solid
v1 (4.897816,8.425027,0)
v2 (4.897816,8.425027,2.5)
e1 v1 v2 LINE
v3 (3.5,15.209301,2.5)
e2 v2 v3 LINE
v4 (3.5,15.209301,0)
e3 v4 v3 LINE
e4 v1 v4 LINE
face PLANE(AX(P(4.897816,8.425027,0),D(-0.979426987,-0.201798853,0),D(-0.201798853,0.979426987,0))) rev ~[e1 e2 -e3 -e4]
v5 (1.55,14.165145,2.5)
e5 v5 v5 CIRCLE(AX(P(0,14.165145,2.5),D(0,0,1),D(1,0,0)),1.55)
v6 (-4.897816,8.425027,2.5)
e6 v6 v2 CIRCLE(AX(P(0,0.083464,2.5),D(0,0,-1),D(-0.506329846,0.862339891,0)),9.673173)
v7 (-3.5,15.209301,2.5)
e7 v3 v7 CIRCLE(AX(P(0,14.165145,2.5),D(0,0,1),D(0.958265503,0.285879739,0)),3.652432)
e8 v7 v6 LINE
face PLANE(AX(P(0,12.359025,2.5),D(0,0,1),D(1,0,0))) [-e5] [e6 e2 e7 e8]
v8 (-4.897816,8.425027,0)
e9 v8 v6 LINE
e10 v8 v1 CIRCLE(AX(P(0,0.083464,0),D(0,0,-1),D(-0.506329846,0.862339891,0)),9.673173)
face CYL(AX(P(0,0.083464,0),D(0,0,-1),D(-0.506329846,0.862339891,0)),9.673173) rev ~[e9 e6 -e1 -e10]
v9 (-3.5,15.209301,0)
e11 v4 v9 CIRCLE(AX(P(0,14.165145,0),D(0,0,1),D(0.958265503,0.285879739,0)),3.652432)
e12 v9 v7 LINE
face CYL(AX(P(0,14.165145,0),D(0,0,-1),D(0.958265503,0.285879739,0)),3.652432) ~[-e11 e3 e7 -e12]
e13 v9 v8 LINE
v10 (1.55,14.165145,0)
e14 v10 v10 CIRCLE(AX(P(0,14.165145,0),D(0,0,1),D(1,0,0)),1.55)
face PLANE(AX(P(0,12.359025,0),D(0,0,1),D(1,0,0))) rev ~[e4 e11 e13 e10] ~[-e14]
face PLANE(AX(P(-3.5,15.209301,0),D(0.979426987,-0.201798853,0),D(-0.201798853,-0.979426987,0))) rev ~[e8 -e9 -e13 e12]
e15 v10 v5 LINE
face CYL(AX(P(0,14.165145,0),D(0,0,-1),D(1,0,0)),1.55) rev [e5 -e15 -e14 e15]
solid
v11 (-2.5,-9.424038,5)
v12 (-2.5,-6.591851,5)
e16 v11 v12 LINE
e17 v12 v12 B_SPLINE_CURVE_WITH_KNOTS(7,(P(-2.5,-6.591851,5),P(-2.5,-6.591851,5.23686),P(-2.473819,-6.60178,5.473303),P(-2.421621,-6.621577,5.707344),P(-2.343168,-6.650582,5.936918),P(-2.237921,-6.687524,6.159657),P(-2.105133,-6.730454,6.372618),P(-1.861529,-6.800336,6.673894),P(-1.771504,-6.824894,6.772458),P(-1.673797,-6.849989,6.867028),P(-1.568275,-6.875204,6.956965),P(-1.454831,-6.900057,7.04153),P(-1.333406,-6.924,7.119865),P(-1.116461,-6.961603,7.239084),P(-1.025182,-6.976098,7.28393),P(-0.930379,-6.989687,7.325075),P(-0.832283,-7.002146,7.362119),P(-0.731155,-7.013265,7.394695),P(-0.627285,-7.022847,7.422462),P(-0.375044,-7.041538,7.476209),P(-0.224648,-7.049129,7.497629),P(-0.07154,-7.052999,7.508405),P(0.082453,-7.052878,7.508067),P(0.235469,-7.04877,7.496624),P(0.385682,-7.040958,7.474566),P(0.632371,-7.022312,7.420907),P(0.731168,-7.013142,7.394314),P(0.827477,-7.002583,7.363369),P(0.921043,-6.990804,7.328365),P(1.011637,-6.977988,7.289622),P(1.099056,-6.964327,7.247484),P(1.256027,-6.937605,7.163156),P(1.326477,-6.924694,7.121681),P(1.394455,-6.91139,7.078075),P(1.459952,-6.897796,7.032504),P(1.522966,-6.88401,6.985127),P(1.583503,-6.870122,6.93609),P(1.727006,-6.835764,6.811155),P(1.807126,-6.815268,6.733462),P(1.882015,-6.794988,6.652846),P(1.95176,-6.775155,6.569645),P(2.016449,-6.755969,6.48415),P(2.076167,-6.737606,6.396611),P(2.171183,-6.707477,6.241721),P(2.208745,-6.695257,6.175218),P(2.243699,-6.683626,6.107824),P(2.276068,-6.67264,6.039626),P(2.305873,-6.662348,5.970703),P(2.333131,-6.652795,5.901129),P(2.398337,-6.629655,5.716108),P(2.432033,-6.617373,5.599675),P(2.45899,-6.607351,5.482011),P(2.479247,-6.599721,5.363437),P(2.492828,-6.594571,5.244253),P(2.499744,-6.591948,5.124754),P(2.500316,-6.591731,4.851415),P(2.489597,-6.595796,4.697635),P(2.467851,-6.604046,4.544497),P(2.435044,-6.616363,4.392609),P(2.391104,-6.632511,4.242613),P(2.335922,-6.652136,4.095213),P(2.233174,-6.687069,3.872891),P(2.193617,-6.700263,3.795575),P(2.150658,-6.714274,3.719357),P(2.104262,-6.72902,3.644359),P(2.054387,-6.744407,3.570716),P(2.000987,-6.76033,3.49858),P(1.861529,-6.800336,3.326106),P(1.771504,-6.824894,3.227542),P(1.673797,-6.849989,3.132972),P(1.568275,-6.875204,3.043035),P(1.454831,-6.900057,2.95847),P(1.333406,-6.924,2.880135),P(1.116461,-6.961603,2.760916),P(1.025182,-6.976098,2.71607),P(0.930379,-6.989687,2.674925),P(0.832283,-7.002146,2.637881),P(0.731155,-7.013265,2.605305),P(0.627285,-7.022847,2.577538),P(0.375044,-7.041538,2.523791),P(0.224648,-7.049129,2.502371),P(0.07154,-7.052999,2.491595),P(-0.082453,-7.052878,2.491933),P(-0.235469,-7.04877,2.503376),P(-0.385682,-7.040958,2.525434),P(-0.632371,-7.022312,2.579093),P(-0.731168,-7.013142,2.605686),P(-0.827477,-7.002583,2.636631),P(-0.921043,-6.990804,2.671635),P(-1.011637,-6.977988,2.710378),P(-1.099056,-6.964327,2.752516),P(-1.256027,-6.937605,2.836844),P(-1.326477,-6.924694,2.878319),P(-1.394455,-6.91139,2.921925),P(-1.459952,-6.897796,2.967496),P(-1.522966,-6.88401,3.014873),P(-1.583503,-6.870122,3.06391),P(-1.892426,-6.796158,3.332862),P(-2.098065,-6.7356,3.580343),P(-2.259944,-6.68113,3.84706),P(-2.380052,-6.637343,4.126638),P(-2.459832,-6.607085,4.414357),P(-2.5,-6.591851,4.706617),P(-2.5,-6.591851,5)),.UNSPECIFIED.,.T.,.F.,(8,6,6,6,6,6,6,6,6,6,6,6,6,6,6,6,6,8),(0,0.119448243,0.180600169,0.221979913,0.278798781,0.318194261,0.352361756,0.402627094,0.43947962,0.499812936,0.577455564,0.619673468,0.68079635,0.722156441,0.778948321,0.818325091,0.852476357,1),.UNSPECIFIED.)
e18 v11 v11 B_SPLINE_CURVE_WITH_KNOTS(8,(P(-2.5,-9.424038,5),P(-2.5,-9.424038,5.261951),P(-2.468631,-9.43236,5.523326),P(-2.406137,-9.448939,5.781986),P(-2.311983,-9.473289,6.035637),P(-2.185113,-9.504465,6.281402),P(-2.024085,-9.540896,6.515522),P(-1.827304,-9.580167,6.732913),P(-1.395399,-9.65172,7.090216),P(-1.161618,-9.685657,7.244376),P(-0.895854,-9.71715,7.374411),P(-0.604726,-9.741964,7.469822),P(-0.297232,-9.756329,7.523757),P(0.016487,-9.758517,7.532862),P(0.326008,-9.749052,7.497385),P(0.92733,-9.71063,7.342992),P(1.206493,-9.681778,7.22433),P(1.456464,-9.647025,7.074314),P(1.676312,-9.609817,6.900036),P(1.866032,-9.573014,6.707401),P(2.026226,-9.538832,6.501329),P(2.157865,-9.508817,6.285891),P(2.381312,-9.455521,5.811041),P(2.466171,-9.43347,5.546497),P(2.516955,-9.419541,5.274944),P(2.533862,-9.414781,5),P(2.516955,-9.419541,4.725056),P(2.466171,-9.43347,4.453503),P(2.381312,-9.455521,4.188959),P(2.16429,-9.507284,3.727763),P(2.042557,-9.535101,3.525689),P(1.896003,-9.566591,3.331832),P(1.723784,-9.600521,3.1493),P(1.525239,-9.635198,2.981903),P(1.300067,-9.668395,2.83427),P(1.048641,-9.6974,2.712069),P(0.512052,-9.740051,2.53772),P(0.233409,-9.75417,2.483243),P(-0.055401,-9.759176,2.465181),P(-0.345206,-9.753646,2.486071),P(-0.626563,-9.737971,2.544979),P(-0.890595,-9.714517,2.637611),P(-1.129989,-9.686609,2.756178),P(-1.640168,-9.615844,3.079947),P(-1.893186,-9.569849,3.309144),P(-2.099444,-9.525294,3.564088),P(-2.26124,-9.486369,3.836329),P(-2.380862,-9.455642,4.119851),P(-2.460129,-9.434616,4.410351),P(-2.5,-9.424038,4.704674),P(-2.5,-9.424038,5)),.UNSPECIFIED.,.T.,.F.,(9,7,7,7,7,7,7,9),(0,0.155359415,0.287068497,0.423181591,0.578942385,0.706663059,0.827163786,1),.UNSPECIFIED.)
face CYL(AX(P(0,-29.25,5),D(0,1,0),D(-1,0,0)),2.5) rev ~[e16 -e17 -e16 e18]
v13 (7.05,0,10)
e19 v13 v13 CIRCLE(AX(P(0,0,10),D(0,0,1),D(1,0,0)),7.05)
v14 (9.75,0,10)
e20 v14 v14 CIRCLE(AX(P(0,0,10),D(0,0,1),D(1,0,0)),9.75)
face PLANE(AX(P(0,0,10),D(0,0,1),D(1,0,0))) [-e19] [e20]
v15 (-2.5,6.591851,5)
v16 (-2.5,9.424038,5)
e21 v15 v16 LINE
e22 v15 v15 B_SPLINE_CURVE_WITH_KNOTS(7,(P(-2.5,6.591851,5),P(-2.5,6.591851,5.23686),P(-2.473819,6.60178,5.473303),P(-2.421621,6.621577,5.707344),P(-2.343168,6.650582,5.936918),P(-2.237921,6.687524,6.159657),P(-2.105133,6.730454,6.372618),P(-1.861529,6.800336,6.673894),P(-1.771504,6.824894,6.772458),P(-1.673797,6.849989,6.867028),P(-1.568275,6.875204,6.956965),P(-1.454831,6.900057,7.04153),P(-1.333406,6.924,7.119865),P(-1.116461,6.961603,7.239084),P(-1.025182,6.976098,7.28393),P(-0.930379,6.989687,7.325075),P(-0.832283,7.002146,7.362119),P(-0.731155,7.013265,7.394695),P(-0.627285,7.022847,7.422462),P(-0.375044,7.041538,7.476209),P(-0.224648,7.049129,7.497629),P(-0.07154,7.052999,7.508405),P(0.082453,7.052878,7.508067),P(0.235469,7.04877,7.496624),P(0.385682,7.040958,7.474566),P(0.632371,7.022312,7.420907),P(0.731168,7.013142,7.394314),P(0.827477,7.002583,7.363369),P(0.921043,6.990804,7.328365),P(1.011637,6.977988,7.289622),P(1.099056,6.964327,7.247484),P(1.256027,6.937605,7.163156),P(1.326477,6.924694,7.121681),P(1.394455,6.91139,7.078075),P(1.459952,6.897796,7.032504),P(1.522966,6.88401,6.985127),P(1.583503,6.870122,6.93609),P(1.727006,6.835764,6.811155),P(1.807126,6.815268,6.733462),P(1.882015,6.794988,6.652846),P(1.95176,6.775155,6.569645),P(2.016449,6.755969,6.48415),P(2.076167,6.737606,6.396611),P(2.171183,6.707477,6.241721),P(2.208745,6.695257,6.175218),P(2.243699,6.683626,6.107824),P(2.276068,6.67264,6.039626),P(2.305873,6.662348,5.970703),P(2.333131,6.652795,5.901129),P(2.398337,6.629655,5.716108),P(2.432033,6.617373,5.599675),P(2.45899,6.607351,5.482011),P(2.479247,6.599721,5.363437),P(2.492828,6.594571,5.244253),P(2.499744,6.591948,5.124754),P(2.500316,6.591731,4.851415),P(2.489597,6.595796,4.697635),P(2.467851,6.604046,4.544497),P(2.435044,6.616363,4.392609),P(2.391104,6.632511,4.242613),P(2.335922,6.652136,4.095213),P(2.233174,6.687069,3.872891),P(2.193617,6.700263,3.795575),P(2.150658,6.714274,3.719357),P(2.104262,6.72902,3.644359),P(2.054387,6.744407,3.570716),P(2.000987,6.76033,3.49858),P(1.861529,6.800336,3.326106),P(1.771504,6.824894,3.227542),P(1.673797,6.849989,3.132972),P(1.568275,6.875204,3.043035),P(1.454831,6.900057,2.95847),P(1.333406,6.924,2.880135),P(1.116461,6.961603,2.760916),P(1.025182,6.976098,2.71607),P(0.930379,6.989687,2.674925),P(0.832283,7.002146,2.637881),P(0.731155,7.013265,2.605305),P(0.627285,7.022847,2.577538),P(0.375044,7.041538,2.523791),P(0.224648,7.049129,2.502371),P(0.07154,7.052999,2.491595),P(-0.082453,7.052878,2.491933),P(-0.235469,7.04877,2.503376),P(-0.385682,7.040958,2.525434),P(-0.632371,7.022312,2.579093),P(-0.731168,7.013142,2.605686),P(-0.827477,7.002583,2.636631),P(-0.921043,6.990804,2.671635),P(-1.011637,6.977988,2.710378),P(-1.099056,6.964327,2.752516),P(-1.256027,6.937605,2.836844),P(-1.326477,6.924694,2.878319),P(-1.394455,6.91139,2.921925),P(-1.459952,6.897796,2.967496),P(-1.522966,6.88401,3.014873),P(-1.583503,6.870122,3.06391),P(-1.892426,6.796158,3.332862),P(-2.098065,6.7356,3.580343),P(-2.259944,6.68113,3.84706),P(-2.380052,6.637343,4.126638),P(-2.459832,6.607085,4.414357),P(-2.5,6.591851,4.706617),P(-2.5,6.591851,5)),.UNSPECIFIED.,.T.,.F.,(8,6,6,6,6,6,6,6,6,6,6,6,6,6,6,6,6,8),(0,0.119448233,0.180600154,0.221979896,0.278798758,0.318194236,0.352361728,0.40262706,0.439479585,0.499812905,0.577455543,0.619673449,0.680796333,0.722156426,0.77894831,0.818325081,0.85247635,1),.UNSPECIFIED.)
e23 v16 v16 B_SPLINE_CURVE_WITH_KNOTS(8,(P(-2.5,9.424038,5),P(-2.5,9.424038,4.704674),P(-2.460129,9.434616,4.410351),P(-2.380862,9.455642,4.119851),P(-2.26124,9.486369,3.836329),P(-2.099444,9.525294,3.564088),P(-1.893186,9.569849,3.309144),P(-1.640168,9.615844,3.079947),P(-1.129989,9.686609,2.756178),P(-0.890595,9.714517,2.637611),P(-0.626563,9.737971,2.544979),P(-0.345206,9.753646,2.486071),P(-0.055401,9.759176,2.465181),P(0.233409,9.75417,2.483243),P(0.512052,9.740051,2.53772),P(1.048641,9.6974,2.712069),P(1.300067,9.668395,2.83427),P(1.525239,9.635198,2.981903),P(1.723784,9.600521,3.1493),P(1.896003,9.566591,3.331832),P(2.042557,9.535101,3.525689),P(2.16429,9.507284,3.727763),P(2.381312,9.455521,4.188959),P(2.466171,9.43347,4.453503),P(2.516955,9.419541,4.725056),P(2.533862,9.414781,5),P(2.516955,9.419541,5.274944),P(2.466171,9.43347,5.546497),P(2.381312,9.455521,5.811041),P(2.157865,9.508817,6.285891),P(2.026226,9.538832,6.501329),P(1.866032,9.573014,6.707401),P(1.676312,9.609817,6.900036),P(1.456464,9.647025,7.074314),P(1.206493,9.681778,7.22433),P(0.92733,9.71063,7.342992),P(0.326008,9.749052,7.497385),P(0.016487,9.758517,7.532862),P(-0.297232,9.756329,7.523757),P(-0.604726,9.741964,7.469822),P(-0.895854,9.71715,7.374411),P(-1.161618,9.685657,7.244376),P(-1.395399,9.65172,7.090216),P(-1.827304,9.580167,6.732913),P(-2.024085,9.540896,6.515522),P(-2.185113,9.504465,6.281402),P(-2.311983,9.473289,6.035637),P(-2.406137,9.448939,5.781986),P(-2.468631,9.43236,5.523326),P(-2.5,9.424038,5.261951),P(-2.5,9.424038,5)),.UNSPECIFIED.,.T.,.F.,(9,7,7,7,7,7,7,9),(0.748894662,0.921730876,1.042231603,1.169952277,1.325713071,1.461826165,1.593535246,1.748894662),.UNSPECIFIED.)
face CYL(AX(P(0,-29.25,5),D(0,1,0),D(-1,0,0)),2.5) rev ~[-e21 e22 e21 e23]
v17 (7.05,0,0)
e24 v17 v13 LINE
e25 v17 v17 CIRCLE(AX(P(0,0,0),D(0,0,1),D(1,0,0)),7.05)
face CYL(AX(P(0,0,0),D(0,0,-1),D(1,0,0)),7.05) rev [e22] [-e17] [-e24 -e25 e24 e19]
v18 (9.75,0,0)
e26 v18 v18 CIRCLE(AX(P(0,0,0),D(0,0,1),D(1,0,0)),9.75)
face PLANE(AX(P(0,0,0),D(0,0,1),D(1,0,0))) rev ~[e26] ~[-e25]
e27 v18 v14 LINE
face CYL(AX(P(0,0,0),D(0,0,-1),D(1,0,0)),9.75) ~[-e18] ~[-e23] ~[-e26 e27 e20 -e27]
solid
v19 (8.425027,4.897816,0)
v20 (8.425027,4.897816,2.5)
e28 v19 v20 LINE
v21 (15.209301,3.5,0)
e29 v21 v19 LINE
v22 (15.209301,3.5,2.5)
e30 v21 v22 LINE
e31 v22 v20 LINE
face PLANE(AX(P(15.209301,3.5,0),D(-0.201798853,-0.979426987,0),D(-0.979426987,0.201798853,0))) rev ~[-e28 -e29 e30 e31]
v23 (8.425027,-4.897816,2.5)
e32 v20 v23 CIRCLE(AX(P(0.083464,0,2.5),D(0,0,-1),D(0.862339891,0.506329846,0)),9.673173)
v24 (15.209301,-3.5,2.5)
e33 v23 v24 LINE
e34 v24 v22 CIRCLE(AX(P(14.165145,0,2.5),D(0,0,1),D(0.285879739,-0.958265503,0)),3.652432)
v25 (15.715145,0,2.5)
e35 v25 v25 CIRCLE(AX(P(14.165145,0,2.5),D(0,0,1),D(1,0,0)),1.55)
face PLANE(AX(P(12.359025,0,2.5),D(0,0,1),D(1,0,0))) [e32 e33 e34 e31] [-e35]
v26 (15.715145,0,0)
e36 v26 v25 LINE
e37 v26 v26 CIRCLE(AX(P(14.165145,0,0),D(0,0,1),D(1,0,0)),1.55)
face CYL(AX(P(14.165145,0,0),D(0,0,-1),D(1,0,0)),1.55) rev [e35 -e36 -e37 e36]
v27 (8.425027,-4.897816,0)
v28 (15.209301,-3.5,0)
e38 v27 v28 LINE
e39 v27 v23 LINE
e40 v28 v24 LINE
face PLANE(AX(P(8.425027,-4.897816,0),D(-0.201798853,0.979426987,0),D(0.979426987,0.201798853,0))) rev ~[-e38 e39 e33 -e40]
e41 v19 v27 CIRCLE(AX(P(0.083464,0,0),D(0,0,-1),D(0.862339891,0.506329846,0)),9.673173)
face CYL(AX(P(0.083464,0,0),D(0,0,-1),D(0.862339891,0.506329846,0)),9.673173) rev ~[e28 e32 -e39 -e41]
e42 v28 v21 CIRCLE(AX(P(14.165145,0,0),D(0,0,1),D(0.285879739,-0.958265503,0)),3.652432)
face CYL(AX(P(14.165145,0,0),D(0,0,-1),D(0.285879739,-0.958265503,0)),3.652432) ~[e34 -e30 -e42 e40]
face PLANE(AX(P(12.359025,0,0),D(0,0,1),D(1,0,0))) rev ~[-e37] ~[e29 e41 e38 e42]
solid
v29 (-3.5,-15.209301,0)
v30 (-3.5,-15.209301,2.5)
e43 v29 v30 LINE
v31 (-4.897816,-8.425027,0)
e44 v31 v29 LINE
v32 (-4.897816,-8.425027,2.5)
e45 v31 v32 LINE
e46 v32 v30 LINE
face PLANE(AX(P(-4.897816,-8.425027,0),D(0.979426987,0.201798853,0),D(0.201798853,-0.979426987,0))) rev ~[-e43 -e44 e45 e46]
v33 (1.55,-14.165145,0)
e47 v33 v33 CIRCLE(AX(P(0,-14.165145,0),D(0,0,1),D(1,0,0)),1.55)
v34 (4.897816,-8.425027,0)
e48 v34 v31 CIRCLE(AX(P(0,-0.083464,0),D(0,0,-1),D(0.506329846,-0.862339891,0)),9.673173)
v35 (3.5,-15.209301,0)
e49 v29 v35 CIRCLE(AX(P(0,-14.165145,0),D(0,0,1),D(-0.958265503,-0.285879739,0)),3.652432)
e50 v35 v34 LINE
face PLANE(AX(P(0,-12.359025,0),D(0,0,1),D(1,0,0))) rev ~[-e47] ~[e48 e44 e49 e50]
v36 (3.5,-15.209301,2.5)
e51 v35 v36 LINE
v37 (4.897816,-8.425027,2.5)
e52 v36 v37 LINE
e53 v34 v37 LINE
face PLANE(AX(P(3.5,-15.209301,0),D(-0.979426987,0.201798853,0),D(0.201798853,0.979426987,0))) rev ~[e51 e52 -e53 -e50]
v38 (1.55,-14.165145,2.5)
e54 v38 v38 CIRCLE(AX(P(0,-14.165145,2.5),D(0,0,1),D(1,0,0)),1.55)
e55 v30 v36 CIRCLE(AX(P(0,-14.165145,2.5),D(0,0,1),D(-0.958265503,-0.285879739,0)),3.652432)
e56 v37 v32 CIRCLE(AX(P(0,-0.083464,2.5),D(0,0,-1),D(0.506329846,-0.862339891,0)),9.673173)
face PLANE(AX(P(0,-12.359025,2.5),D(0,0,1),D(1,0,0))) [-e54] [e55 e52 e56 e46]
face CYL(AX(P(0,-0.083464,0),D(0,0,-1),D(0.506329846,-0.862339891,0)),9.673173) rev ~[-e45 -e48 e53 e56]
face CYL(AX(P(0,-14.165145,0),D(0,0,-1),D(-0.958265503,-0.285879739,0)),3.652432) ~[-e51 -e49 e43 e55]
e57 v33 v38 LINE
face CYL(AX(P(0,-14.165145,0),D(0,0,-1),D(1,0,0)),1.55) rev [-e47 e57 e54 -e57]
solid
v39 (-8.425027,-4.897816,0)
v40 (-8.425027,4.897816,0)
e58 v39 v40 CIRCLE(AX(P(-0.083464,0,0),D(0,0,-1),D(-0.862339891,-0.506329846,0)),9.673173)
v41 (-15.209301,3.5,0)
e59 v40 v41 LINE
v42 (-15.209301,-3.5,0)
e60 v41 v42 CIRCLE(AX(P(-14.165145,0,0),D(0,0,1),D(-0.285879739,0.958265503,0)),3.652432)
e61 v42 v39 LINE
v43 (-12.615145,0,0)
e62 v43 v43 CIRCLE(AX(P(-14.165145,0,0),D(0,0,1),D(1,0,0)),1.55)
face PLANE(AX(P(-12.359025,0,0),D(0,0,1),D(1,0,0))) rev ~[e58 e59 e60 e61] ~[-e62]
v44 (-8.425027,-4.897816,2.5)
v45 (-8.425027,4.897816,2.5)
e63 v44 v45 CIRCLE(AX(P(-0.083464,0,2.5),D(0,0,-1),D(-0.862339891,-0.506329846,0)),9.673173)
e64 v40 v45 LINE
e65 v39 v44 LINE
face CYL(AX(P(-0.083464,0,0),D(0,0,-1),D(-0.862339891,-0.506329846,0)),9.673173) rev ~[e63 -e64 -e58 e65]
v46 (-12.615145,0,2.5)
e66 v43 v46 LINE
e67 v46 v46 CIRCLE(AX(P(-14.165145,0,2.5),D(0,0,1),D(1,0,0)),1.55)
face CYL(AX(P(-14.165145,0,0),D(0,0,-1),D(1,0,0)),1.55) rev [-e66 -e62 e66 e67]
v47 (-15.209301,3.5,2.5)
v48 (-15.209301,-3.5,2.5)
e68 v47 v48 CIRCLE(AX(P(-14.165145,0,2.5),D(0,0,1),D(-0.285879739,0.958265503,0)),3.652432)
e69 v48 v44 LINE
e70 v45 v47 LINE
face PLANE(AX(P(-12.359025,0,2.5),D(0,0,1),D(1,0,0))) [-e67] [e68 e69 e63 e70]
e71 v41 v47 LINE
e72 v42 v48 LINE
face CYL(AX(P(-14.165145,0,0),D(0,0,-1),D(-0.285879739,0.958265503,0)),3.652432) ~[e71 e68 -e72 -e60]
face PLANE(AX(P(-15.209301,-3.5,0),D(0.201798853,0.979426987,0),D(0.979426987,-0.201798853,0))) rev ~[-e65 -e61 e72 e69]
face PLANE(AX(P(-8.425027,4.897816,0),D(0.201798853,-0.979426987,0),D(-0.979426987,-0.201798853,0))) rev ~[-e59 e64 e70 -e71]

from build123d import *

# Parameters (mm, degrees)
F1_R     = 1.55
F2_DEPTH = 2.5
F0_R     = 9.75
F0_R_2   = 7.05
F3_DEPTH = 10
F6_D     = 5
F6_DEPTH = 19.5


with BuildPart() as f2:
    # F1 (on Top) → F2 (new body)
    with BuildSketch(Plane.XY):
        with BuildLine():
            ThreePointArc((3.5, 15.209301), (0, 17.817577), (-3.5, 15.209301))
            Line((-3.5, 15.209301), (-4.897816, 8.425027))
            ThreePointArc((-4.897816, 8.425027), (0, 9.756637), (4.897816, 8.425027))
            Line((4.897816, 8.425027), (3.5, 15.209301))
        make_face()
        with Locations((0, 14.165145)):
            Circle(F1_R, mode=Mode.SUBTRACT)
        with BuildLine():
            Line((-8.425027, 4.897816), (-15.209301, 3.5))
            ThreePointArc((-15.209301, 3.5), (-17.817577, 0), (-15.209301, -3.5))
            Line((-15.209301, -3.5), (-8.425027, -4.897816))
            ThreePointArc((-8.425027, -4.897816), (-9.756637, 0), (-8.425027, 4.897816))
        make_face()
        with Locations((-14.165145, 0)):
            Circle(F1_R, mode=Mode.SUBTRACT)
        with BuildLine():
            Line((-4.897816, -8.425027), (-3.5, -15.209301))
            ThreePointArc((-3.5, -15.209301), (0, -17.817577), (3.5, -15.209301))
            Line((3.5, -15.209301), (4.897816, -8.425027))
            ThreePointArc((4.897816, -8.425027), (0, -9.756637), (-4.897816, -8.425027))
        make_face()
        with Locations((0, -14.165145)):
            Circle(F1_R, mode=Mode.SUBTRACT)
        with BuildLine():
            Line((8.425027, -4.897816), (15.209301, -3.5))
            ThreePointArc((15.209301, -3.5), (17.817577, 0), (15.209301, 3.5))
            Line((15.209301, 3.5), (8.425027, 4.897816))
            ThreePointArc((8.425027, 4.897816), (9.756637, 0), (8.425027, -4.897816))
        make_face()
        with Locations((14.165145, 0)):
            Circle(F1_R, mode=Mode.SUBTRACT)
    extrude(amount=F2_DEPTH)


with BuildPart() as f3:
    # F0 (on Top) → F3 (new body)
    with BuildSketch(Plane.XY):
        Circle(F0_R)
        Circle(F0_R_2, mode=Mode.SUBTRACT)
    extrude(amount=F3_DEPTH)

    # F6
    with Locations(Plane.XZ.offset(9.75)):
        with Locations((0, 5)):
            Hole(F6_D / 2, depth=F6_DEPTH)


solid = Compound([f2.part, f3.part])
